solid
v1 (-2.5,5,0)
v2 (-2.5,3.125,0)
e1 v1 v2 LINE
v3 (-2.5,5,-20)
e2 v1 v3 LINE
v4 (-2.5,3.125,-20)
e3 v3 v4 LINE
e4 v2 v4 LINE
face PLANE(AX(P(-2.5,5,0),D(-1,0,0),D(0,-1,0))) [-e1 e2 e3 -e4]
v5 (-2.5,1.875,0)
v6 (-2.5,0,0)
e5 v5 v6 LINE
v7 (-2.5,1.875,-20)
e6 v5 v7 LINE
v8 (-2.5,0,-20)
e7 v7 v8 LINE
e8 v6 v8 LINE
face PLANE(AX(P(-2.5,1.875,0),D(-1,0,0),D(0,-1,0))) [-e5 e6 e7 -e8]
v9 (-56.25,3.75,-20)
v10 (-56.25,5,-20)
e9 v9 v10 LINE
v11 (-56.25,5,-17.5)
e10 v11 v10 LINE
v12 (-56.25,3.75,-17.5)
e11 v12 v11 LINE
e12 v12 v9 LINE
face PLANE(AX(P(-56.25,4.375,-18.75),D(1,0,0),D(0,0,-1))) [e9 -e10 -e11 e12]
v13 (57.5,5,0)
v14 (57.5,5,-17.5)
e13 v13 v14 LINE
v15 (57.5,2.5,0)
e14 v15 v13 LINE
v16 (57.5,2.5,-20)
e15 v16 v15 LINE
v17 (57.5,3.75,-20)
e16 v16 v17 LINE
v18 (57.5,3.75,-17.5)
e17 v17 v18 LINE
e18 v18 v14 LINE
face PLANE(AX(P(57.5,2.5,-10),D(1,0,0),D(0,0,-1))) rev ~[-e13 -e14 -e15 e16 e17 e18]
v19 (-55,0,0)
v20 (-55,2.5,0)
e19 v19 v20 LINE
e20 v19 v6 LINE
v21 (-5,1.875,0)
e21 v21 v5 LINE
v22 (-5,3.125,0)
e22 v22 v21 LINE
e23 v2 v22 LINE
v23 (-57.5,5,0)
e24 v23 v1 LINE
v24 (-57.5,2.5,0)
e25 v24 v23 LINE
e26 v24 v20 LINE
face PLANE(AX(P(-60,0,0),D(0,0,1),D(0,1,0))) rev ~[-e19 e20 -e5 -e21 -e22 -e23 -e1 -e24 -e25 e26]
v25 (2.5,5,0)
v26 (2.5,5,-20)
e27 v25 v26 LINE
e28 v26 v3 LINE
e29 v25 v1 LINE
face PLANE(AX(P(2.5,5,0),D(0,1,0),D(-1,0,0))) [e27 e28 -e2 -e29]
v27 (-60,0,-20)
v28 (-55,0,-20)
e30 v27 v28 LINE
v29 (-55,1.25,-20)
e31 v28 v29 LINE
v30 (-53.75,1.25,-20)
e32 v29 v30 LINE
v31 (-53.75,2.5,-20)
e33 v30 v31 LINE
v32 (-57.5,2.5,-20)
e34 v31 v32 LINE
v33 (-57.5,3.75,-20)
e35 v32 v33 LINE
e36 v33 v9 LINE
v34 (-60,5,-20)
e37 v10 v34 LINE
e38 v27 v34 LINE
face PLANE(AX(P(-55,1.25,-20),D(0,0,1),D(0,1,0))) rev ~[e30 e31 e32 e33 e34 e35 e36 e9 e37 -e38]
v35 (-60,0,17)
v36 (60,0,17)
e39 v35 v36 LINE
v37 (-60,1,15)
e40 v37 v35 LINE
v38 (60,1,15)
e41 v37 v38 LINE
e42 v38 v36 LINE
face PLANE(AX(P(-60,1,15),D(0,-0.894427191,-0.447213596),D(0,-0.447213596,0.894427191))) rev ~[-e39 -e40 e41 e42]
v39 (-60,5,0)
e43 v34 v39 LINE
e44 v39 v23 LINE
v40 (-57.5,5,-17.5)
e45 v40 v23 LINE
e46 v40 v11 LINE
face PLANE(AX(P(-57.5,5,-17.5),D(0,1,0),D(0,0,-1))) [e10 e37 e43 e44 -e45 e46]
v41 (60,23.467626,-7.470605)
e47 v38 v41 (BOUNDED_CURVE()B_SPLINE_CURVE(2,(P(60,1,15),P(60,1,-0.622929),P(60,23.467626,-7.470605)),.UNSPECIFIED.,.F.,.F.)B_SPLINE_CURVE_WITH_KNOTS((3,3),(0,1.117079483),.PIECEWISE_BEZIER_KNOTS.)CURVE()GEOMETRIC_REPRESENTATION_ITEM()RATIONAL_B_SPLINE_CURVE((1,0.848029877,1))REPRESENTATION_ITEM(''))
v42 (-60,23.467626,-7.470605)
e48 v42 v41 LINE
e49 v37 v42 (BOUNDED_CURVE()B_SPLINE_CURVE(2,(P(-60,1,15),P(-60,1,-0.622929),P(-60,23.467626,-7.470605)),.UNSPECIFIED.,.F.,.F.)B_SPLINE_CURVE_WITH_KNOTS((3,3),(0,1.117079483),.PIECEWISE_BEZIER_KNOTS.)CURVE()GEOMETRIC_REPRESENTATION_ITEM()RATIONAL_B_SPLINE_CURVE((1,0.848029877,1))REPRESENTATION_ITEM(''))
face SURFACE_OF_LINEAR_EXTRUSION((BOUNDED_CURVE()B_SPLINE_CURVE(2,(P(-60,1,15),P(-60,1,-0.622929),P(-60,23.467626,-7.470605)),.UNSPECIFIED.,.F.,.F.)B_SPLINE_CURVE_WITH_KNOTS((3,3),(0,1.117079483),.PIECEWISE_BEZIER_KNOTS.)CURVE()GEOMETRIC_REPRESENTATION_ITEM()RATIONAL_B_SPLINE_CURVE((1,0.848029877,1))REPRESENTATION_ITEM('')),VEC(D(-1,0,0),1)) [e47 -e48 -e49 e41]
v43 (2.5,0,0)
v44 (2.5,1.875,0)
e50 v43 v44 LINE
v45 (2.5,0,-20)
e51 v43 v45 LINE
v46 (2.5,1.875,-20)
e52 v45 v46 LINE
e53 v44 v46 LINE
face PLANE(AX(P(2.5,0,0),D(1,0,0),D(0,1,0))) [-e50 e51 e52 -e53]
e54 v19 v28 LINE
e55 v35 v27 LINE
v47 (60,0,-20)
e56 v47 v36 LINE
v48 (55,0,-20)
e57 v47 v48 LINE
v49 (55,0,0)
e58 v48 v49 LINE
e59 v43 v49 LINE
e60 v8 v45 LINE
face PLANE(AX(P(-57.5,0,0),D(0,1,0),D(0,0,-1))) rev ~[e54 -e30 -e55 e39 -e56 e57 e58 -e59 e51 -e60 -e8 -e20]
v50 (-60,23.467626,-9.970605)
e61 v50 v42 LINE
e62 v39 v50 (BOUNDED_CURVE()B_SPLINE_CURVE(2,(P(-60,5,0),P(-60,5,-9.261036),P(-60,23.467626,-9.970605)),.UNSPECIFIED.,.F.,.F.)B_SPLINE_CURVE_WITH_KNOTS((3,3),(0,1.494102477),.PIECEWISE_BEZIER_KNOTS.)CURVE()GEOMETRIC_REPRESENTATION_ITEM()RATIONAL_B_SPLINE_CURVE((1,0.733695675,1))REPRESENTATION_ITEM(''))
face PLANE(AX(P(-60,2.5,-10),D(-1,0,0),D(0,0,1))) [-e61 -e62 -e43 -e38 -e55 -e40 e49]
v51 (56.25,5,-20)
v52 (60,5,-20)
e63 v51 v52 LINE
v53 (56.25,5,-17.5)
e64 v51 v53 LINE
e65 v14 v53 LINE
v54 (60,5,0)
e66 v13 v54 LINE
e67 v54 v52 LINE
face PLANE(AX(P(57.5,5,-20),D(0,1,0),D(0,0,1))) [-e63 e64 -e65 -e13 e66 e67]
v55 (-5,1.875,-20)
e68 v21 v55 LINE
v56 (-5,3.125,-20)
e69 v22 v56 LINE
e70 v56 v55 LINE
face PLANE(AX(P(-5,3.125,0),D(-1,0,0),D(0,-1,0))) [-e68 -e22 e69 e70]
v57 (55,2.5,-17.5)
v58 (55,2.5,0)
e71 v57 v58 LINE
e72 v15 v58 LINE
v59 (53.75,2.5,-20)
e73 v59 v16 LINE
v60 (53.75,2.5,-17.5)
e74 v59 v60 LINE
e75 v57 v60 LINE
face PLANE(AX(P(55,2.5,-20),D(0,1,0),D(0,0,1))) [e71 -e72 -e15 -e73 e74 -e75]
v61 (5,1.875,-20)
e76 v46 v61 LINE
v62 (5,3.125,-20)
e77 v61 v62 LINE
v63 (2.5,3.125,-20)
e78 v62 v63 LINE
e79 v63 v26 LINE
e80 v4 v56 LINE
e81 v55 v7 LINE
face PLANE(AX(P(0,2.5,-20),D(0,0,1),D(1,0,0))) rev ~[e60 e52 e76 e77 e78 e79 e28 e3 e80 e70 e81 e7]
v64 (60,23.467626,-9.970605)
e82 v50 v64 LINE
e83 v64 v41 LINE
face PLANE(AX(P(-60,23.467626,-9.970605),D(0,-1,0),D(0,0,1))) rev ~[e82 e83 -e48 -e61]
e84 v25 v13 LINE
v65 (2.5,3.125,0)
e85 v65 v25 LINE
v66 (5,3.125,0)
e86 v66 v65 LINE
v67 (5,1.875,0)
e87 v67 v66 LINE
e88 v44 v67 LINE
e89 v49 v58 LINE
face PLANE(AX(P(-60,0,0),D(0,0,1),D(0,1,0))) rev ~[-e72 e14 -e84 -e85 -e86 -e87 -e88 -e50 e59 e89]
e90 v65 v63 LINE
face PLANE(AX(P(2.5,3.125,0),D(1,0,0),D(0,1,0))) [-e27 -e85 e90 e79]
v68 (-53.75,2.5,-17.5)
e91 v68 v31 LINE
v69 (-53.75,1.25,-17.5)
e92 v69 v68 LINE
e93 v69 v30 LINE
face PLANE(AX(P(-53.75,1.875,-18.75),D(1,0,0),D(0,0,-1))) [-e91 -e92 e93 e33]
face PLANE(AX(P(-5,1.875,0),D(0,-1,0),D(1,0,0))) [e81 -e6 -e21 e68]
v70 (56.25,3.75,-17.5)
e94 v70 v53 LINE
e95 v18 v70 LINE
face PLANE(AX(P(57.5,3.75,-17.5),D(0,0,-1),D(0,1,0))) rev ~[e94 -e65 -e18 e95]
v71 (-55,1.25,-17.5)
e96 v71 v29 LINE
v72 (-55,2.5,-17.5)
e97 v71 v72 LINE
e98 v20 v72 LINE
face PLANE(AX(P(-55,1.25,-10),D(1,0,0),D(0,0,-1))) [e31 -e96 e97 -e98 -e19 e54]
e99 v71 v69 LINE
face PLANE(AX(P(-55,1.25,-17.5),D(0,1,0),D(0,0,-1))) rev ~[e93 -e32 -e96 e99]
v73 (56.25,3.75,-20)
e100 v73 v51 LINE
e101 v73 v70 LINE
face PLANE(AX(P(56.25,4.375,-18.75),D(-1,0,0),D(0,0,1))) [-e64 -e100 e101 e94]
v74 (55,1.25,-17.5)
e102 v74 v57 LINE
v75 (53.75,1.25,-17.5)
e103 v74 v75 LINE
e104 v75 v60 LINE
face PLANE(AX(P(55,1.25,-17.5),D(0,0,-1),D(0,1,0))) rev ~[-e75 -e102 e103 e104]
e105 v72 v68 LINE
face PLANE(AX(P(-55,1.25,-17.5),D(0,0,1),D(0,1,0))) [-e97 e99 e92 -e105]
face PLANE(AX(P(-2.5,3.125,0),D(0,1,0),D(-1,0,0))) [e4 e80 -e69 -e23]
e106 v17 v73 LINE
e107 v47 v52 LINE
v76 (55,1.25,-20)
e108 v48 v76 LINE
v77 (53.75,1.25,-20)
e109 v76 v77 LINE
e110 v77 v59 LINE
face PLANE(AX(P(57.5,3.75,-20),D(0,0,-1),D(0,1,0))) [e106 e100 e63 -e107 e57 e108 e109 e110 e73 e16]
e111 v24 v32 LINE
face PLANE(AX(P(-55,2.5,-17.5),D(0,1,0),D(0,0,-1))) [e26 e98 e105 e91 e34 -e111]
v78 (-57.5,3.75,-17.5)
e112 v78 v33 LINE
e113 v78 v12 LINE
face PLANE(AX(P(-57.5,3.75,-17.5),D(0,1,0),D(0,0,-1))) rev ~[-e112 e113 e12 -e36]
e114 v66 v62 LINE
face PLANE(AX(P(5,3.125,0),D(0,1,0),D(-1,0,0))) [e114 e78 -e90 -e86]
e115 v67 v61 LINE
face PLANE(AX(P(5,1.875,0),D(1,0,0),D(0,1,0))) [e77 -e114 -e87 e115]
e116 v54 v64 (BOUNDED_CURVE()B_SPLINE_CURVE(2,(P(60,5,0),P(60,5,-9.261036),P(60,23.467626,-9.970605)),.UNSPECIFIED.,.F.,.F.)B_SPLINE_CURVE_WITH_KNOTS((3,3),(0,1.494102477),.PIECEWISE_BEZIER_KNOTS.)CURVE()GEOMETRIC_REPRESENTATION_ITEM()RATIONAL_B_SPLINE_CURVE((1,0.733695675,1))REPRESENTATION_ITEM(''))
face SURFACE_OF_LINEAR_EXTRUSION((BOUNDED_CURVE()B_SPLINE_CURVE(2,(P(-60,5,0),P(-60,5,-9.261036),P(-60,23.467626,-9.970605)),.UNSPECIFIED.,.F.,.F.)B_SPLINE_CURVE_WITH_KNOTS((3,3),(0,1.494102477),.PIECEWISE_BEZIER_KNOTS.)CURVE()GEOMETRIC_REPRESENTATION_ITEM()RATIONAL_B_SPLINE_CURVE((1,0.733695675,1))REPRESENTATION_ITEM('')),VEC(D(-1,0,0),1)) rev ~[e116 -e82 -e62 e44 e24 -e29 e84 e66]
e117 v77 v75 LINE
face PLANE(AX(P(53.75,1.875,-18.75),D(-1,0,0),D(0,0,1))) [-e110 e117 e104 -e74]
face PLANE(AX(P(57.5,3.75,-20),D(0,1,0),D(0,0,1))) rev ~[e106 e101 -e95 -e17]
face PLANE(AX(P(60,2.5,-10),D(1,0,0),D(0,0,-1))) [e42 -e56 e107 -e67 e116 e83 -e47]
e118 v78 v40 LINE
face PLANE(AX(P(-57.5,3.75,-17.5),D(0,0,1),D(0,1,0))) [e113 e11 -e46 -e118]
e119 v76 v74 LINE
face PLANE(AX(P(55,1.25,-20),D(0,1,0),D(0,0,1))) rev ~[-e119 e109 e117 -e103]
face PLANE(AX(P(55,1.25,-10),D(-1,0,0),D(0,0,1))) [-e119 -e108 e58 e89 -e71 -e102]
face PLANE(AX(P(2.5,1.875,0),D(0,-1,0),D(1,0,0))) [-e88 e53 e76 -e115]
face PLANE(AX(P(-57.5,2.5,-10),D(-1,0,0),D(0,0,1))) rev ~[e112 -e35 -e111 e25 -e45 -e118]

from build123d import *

# Parameters (mm, degrees)
CUCHILLA_SALIENTE_DEPTH                  = 60
CUCHILLA_SALIENTE_DEPTH_BACK             = 60
ENCAJE_CUCHILLA_LATERAL_CROQUIS_1_W      = 20
ENCAJE_CUCHILLA_LATERAL_CROQUIS_1_H      = 5
ENCAJE_CUCHILLA_LATERAL_SALIENTE_1_DEPTH = 2.5
ENCAJE_CUCHILLA_LATERAL_CROQUIS_2_W      = 20
ENCAJE_CUCHILLA_LATERAL_CROQUIS_2_H      = 2.5
ENCAJE_CUCHILLA_LATERAL_SALIENTE_2_DEPTH = 2.5
ENCAJE_CUCHILLA_LATERAL_CROQUIS_3_W      = 2.5
ENCAJE_CUCHILLA_LATERAL_CROQUIS_3_H      = 1.25
ENCAJE_CUCHILLA_LATERAL_SALIENTE_3_DEPTH = 1.25
ENCAJE_CUCHILLA_LATERAL_CROQUIS_4_W      = 2.5
ENCAJE_CUCHILLA_LATERAL_CROQUIS_4_H      = 1.25
ENCAJE_CUCHILLA_LATERAL_SALIENTE_4_DEPTH = 1.25
ENCAJE_CUCHILLA_LATERAL_CROQUIS_5_W      = 20
ENCAJE_CUCHILLA_LATERAL_CROQUIS_5_H      = 5
ENCAJE_CUCHILLA_LATERAL_SALIENTE_5_DEPTH = 2.5
ENCAJE_CUCHILLA_LATERAL_CROQUIS_6_W      = 20
ENCAJE_CUCHILLA_LATERAL_CROQUIS_6_H      = 2.5
ENCAJE_CUCHILLA_LATERAL_SALIENTE_6_DEPTH = 2.5
ENCAJE_CUCHILLA_LATERAL_CROQUIS_7_W      = 2.5
ENCAJE_CUCHILLA_LATERAL_CROQUIS_7_H      = 1.25
ENCAJE_CUCHILLA_LATERAL_SALIENTE_7_DEPTH = 1.25
ENCAJE_CUCHILLA_LATERAL_CROQUIS_8_W      = 2.5
ENCAJE_CUCHILLA_LATERAL_CROQUIS_8_H      = 1.25
ENCAJE_CUCHILLA_LATERAL_SALIENTE_8_DEPTH = 1.25
ENCAJE_CUCHILLA_CENTRAL_SALIENTE_DEPTH   = 20


with BuildPart() as part:
    # Croquis4 → Cuchilla-Saliente (new, two sides: drawn at the far end of the back side and taken through both)
    with BuildSketch(Plane(origin=(0, 0, 0), x_dir=(0, 0, -1), z_dir=(1, 0, 0)).offset(-CUCHILLA_SALIENTE_DEPTH_BACK)):
        with BuildLine():
            Line((9.97060468, 23.467626264), (7.47060468, 23.467626264))
            add(Edge.make_bspline(
                [(-15, 1), (0.62292895, 1), (7.47060468, 23.467626264)],
                knots=[0, 0, 0, 1.117079483, 1.117079483, 1.117079483], degree=2, weights=[1, 0.848029877, 1]))
            Line((-15, 1), (-17, 0))
            Line((-17, 0), (0, 0))
            Line((0, 0), (0, 5))
            add(Edge.make_bspline(
                [(0, 5), (9.261036245, 5), (9.97060468, 23.467626264)],
                knots=[0, 0, 0, 1.494102477, 1.494102477, 1.494102477], degree=2, weights=[1, 0.733695675, 1]))
        make_face()
    extrude(amount=CUCHILLA_SALIENTE_DEPTH + CUCHILLA_SALIENTE_DEPTH_BACK)

    # Encaje-Cuchilla-Lateral-Croquis-1 → Encaje-Cuchilla-Lateral-Saliente-1 (add)
    with BuildSketch(Plane(origin=(60, 0, 0), x_dir=(0, 0, -1), z_dir=(1, 0, 0))):
        with Locations((10, 2.5)):
            Rectangle(ENCAJE_CUCHILLA_LATERAL_CROQUIS_1_W, ENCAJE_CUCHILLA_LATERAL_CROQUIS_1_H)
    extrude(amount=-ENCAJE_CUCHILLA_LATERAL_SALIENTE_1_DEPTH)

    # Encaje-Cuchilla-Lateral-Croquis-2 → Encaje-Cuchilla-Lateral-Saliente-2 (add)
    with BuildSketch(Plane.ZY.offset(-57.5)):
        with Locations((-10, 1.25)):
            Rectangle(ENCAJE_CUCHILLA_LATERAL_CROQUIS_2_W, ENCAJE_CUCHILLA_LATERAL_CROQUIS_2_H)
    extrude(amount=ENCAJE_CUCHILLA_LATERAL_SALIENTE_2_DEPTH)

    # Encaje-Cuchilla-Lateral-Croquis-3 → Encaje-Cuchilla-Lateral-Saliente-3 (add)
    with BuildSketch(Plane.ZY.offset(-55)):
        with Locations((-18.75, 1.875)):
            Rectangle(ENCAJE_CUCHILLA_LATERAL_CROQUIS_3_W, ENCAJE_CUCHILLA_LATERAL_CROQUIS_3_H)
    extrude(amount=ENCAJE_CUCHILLA_LATERAL_SALIENTE_3_DEPTH)

    # Encaje-Cuchilla-Lateral-Croquis-4 → Encaje-Cuchilla-Lateral-Saliente-4 (add)
    with BuildSketch(Plane.ZY.offset(-57.5)):
        with Locations((-18.75, 4.375)):
            Rectangle(ENCAJE_CUCHILLA_LATERAL_CROQUIS_4_W, ENCAJE_CUCHILLA_LATERAL_CROQUIS_4_H)
    extrude(amount=ENCAJE_CUCHILLA_LATERAL_SALIENTE_4_DEPTH)



with BuildPart() as body_2:
    # Encaje-Cuchilla-Lateral-Croquis-5 → Encaje-Cuchilla-Lateral-Saliente-5 (new body)
    with BuildSketch(Plane.ZY.offset(60)):
        with Locations((-10, 2.5)):
            Rectangle(ENCAJE_CUCHILLA_LATERAL_CROQUIS_5_W, ENCAJE_CUCHILLA_LATERAL_CROQUIS_5_H)
    extrude(amount=-ENCAJE_CUCHILLA_LATERAL_SALIENTE_5_DEPTH)


with BuildPart() as part_1:
    add(part.part)

    add(body_2.part)  # Encaje-Cuchilla-Lateral-Saliente-6 merges body 2
    # Encaje-Cuchilla-Lateral-Croquis-6 → Encaje-Cuchilla-Lateral-Saliente-6 (add)
    with BuildSketch(Plane(origin=(-57.5, 0, 0), x_dir=(0, 0, -1), z_dir=(1, 0, 0))):
        with Locations((10, 1.25)):
            Rectangle(ENCAJE_CUCHILLA_LATERAL_CROQUIS_6_W, ENCAJE_CUCHILLA_LATERAL_CROQUIS_6_H)
    extrude(amount=ENCAJE_CUCHILLA_LATERAL_SALIENTE_6_DEPTH)

    # Encaje-Cuchilla-Lateral-Croquis-7 → Encaje-Cuchilla-Lateral-Saliente-7 (add)
    with BuildSketch(Plane(origin=(-57.5, 0, 0), x_dir=(0, 0, -1), z_dir=(1, 0, 0))):
        with Locations((18.75, 4.375)):
            Rectangle(ENCAJE_CUCHILLA_LATERAL_CROQUIS_7_W, ENCAJE_CUCHILLA_LATERAL_CROQUIS_7_H)
    extrude(amount=ENCAJE_CUCHILLA_LATERAL_SALIENTE_7_DEPTH)

    # Encaje-Cuchilla-Lateral-Croquis-8 → Encaje-Cuchilla-Lateral-Saliente-8 (add)
    with BuildSketch(Plane(origin=(-55, 0, 0), x_dir=(0, 0, -1), z_dir=(1, 0, 0))):
        with Locations((18.75, 1.875)):
            Rectangle(ENCAJE_CUCHILLA_LATERAL_CROQUIS_8_W, ENCAJE_CUCHILLA_LATERAL_CROQUIS_8_H)
    extrude(amount=ENCAJE_CUCHILLA_LATERAL_SALIENTE_8_DEPTH)

    # Encaje-Cuchilla-Central-Croquis → Encaje-Cuchilla-Central-Saliente (add)
    with BuildSketch(Plane(origin=(0, 0, 0), x_dir=(-1, 0, 0), z_dir=(0, 0, -1))):
        Polygon((2.5, 3.125), (5, 3.125), (5, 1.875), (2.5, 1.875), (2.5, 0), (-2.5, 0), (-2.5, 1.875), (-5, 1.875), (-5, 3.125), (-2.5, 3.125), (-2.5, 5), (2.5, 5), align=None)
    extrude(amount=ENCAJE_CUCHILLA_CENTRAL_SALIENTE_DEPTH)


solid = part_1.part
